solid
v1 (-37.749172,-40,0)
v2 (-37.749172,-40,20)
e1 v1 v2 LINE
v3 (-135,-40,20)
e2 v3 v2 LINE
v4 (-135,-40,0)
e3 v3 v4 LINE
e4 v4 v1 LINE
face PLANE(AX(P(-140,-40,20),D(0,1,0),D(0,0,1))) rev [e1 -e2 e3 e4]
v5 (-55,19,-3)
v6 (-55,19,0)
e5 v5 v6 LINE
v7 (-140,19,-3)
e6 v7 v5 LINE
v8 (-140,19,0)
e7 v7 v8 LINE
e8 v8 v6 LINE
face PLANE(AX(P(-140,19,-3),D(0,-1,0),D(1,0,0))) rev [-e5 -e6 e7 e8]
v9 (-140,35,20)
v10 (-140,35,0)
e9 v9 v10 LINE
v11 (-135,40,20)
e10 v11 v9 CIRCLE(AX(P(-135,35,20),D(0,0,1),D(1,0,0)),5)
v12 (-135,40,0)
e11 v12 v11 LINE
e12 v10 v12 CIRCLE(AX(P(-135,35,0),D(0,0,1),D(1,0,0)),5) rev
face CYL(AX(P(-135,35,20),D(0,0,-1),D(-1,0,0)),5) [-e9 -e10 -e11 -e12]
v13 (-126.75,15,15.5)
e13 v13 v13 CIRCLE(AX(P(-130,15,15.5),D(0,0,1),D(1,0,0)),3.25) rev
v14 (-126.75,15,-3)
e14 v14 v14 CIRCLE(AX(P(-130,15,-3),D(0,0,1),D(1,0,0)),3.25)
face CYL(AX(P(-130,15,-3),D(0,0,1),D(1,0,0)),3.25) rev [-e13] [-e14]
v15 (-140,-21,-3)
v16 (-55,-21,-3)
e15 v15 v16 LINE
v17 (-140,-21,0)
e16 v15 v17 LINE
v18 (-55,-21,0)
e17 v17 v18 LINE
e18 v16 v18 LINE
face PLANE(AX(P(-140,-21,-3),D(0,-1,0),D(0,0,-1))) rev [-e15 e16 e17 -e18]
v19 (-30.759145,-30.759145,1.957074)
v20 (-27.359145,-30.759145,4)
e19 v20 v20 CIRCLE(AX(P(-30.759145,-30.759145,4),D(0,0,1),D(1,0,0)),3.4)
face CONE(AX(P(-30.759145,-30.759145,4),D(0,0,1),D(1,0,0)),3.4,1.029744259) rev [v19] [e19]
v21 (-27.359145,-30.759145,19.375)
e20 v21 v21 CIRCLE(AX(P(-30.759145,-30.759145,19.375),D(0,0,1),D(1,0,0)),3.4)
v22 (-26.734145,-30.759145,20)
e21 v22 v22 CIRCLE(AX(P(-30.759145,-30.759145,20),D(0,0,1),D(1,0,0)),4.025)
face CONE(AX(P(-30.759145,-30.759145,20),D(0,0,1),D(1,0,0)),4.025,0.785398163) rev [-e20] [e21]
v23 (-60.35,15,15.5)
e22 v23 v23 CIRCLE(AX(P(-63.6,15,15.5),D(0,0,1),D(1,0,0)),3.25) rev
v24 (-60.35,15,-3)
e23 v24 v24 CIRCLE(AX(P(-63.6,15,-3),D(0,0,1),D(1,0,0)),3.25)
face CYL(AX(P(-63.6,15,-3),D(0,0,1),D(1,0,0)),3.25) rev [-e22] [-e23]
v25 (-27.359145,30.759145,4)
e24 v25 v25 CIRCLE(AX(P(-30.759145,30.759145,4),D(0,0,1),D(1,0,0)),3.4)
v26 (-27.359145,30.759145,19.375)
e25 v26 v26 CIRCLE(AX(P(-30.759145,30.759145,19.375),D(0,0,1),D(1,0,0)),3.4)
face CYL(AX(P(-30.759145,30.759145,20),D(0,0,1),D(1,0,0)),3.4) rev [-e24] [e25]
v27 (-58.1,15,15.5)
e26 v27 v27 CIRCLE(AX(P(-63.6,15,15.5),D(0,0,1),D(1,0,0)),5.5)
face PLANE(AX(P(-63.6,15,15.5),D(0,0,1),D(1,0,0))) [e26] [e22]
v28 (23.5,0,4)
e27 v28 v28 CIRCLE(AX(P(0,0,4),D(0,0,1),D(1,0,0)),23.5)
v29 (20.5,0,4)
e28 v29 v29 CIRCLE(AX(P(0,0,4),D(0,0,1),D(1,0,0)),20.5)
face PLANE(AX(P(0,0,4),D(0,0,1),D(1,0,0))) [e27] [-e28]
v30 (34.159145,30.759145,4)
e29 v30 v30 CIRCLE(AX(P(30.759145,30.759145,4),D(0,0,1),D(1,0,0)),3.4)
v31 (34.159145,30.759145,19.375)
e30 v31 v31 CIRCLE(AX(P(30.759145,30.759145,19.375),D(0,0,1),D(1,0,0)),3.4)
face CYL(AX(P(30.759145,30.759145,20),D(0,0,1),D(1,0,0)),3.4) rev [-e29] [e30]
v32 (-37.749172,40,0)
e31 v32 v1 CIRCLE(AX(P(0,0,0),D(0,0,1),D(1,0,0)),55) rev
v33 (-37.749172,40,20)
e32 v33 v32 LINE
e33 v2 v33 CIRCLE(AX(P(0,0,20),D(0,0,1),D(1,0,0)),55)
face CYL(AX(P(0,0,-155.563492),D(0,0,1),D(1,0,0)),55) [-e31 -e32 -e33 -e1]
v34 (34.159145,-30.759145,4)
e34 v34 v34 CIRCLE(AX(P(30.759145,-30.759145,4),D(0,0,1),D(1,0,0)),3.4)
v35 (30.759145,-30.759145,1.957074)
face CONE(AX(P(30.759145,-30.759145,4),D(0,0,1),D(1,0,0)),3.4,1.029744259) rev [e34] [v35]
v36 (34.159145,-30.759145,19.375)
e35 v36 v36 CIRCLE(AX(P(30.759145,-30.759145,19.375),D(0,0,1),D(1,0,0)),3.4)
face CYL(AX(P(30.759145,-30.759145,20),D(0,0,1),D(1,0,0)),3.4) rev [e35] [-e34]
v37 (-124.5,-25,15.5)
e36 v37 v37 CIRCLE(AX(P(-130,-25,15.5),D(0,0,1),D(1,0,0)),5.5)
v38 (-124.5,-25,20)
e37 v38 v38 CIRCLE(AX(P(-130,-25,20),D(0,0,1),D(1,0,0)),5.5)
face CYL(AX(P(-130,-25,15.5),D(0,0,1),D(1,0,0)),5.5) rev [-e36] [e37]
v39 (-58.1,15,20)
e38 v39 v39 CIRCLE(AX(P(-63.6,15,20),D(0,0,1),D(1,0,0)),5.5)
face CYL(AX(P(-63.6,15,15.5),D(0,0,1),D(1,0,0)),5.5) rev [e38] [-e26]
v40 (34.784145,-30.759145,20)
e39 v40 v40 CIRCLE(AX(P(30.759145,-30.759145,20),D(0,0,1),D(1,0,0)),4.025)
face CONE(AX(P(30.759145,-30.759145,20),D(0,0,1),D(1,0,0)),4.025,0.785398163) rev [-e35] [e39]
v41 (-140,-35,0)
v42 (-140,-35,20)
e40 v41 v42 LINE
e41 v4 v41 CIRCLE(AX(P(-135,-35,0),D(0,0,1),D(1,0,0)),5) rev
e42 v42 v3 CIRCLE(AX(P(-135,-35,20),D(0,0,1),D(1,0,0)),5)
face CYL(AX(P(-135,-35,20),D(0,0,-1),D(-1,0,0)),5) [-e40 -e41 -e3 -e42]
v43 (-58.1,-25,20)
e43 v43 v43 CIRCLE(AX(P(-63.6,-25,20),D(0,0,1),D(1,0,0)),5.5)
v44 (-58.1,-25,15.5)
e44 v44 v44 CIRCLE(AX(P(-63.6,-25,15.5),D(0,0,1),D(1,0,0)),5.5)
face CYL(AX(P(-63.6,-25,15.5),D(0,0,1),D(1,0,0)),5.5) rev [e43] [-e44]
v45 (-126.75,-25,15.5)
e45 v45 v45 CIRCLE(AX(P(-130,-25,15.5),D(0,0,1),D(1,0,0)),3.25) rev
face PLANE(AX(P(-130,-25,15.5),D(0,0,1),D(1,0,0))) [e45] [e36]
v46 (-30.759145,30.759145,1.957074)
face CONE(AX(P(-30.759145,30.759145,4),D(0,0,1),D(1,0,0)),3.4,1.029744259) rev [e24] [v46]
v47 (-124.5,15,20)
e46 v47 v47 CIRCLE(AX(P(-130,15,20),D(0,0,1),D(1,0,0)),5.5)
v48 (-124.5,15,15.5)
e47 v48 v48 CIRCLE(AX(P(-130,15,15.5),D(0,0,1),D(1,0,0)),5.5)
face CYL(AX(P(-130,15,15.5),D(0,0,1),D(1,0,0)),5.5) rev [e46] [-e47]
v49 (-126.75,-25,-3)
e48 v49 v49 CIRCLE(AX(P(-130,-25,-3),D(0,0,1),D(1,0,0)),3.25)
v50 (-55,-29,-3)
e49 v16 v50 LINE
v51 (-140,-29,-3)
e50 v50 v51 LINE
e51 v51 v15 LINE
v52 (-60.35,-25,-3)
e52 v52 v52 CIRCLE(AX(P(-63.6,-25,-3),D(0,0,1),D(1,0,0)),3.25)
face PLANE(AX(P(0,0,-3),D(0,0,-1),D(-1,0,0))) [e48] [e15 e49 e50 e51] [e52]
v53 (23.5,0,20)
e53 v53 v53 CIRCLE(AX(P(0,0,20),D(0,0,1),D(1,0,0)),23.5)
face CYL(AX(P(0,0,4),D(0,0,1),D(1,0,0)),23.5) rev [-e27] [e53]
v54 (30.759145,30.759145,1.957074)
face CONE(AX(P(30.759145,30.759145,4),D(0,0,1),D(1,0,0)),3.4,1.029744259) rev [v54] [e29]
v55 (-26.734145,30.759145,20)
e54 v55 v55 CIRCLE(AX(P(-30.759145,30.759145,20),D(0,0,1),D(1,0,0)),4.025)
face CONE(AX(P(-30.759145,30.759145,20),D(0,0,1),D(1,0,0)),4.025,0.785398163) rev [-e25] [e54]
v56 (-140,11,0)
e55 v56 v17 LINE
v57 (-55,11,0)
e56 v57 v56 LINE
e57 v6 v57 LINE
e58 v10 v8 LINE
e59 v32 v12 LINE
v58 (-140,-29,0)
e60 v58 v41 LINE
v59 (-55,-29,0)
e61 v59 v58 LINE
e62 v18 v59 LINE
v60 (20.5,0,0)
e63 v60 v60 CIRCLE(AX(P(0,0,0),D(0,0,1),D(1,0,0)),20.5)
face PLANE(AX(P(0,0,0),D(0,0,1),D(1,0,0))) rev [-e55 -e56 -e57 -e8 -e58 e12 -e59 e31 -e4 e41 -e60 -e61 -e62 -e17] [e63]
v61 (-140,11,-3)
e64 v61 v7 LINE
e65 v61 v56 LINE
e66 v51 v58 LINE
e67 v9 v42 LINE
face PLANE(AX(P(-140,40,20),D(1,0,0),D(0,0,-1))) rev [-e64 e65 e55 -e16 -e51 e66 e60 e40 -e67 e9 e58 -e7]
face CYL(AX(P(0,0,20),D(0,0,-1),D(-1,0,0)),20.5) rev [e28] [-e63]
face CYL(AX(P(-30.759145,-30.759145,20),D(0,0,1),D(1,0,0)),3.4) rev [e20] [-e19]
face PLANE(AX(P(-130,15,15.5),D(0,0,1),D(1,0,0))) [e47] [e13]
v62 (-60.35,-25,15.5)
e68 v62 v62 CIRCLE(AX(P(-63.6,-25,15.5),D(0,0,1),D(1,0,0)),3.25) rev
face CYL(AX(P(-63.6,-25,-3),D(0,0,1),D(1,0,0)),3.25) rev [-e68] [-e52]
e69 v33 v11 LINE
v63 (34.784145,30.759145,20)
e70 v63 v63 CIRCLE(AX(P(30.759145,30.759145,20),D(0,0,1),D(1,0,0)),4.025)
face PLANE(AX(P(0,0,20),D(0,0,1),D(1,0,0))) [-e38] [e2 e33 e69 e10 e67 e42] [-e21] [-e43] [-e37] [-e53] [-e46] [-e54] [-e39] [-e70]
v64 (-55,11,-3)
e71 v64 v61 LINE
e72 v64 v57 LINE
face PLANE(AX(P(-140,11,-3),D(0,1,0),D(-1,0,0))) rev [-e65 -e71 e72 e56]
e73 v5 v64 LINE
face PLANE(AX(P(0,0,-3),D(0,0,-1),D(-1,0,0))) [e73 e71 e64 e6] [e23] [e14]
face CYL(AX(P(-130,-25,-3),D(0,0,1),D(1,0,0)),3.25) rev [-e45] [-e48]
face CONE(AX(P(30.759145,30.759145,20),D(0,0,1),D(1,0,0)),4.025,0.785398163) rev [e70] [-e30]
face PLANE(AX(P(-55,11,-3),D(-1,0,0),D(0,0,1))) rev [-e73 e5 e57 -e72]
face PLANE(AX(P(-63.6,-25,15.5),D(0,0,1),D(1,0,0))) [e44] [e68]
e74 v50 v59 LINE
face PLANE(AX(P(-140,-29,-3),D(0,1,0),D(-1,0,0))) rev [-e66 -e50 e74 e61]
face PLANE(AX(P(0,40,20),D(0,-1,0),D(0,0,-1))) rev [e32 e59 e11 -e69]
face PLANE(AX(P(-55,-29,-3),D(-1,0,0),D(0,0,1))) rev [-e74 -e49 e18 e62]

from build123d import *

# Parameters (mm, degrees)
SKETCH1_R                   = 20.5
BOSS_EXTRUDE1_DEPTH         = 20
BOSS_EXTRUDE3_START         = -20
SKETCH6_R                   = 55
SKETCH6_R_2                 = 20.5
BOSS_EXTRUDE3_DEPTH         = 20
SKETCH2_R                   = 23.5
CUT_EXTRUDE1_DEPTH          = 16
SKETCH4_W                   = 85
SKETCH4_H                   = 8
BOSS_EXTRUDE2_DEPTH         = 3
SKETCH3_R                   = 3.25
CUT_EXTRUDE2_DEPTH          = 153.164384795
SKETCH5_R                   = 5.5
CUT_EXTRUDE3_DEPTH          = 4.5
FILLET1_R                   = 5
M8_TAPPED_HOLE1_D           = 6.8
M8_TAPPED_HOLE1_DEPTH       = 16
M8_TAPPED_HOLE1_CSINK_D     = 8.05
M8_TAPPED_HOLE1_CSINK_ANGLE = 90
M8_TAPPED_HOLE1_TIP         = 2.042926105


with BuildPart() as part:
    # Sketch1 → Boss-Extrude1 (new body)
    with BuildSketch(Plane.XY):
        with BuildLine():
            Line((0, 40), (-140, 40))
            Line((-140, 40), (-140, -40))
            Line((-140, -40), (0, -40))
            ThreePointArc((0, -40), (40, 0), (0, 40))
        make_face()
        Circle(SKETCH1_R, mode=Mode.SUBTRACT)
    extrude(amount=BOSS_EXTRUDE1_DEPTH)

    # Sketch6 → Boss-Extrude3 (add)
    with BuildSketch(Plane.XY.offset(20).offset(BOSS_EXTRUDE3_START)):
        Circle(SKETCH6_R)
        Circle(SKETCH6_R_2, mode=Mode.SUBTRACT)
    extrude(amount=BOSS_EXTRUDE3_DEPTH)

    # Sketch2 → Cut-Extrude1 (cut)
    with BuildSketch(Plane.XY.offset(20)):
        Circle(SKETCH2_R)
    extrude(amount=-CUT_EXTRUDE1_DEPTH, mode=Mode.SUBTRACT)

    # Sketch4 → Boss-Extrude2 (add)
    with BuildSketch(Plane(origin=(0, 0, 0), x_dir=(-1, 0, 0), z_dir=(0, 0, -1))):
        with Locations((97.5, -25)):
            Rectangle(SKETCH4_W, SKETCH4_H)
        with Locations((97.5, 15)):
            Rectangle(SKETCH4_W, SKETCH4_H)
    extrude(amount=BOSS_EXTRUDE2_DEPTH)

    # Sketch3 → Cut-Extrude2 (cut, through all)
    with BuildSketch(Plane.XY.offset(20)):
        with Locations((-63.6, 15)):
            Circle(SKETCH3_R)
        with Locations((-130, 15)):
            Circle(SKETCH3_R)
        with Locations((-130, -25)):
            Circle(SKETCH3_R)
        with Locations((-63.6, -25)):
            Circle(SKETCH3_R)
    extrude(amount=-CUT_EXTRUDE2_DEPTH, mode=Mode.SUBTRACT)

    # Sketch5 → Cut-Extrude3 (cut)
    with BuildSketch(Plane.XY.offset(20)):
        with Locations((-130, 15)):
            Circle(SKETCH5_R)
        with Locations((-63.6, 15)):
            Circle(SKETCH5_R)
        with Locations((-63.6, -25)):
            Circle(SKETCH5_R)
        with Locations((-130, -25)):
            Circle(SKETCH5_R)
    extrude(amount=-CUT_EXTRUDE3_DEPTH, mode=Mode.SUBTRACT)

    # Fillet1
    fillet1_edges = [part.edges().sort_by_distance(p)[0] for p in [
        (-140, -40, 10),
        (-140, 40, 10),
    ]]
    fillet(fillet1_edges, radius=FILLET1_R)

    # M8 Tapped Hole1
    with Locations(Plane.XY.offset(20)):
        with Locations((30.759144982, 30.759144982), (-30.759144982, 30.759144982), (-30.759144982, -30.759144982), (30.759144982, -30.759144982)):
            CounterSinkHole(M8_TAPPED_HOLE1_D / 2, M8_TAPPED_HOLE1_CSINK_D / 2, depth=M8_TAPPED_HOLE1_DEPTH, counter_sink_angle=M8_TAPPED_HOLE1_CSINK_ANGLE)
            with Locations((0, 0, -(M8_TAPPED_HOLE1_DEPTH + M8_TAPPED_HOLE1_TIP / 2))):  # 118° drill point
                Cone(0, M8_TAPPED_HOLE1_D / 2, M8_TAPPED_HOLE1_TIP, mode=Mode.SUBTRACT)


solid = part.part
